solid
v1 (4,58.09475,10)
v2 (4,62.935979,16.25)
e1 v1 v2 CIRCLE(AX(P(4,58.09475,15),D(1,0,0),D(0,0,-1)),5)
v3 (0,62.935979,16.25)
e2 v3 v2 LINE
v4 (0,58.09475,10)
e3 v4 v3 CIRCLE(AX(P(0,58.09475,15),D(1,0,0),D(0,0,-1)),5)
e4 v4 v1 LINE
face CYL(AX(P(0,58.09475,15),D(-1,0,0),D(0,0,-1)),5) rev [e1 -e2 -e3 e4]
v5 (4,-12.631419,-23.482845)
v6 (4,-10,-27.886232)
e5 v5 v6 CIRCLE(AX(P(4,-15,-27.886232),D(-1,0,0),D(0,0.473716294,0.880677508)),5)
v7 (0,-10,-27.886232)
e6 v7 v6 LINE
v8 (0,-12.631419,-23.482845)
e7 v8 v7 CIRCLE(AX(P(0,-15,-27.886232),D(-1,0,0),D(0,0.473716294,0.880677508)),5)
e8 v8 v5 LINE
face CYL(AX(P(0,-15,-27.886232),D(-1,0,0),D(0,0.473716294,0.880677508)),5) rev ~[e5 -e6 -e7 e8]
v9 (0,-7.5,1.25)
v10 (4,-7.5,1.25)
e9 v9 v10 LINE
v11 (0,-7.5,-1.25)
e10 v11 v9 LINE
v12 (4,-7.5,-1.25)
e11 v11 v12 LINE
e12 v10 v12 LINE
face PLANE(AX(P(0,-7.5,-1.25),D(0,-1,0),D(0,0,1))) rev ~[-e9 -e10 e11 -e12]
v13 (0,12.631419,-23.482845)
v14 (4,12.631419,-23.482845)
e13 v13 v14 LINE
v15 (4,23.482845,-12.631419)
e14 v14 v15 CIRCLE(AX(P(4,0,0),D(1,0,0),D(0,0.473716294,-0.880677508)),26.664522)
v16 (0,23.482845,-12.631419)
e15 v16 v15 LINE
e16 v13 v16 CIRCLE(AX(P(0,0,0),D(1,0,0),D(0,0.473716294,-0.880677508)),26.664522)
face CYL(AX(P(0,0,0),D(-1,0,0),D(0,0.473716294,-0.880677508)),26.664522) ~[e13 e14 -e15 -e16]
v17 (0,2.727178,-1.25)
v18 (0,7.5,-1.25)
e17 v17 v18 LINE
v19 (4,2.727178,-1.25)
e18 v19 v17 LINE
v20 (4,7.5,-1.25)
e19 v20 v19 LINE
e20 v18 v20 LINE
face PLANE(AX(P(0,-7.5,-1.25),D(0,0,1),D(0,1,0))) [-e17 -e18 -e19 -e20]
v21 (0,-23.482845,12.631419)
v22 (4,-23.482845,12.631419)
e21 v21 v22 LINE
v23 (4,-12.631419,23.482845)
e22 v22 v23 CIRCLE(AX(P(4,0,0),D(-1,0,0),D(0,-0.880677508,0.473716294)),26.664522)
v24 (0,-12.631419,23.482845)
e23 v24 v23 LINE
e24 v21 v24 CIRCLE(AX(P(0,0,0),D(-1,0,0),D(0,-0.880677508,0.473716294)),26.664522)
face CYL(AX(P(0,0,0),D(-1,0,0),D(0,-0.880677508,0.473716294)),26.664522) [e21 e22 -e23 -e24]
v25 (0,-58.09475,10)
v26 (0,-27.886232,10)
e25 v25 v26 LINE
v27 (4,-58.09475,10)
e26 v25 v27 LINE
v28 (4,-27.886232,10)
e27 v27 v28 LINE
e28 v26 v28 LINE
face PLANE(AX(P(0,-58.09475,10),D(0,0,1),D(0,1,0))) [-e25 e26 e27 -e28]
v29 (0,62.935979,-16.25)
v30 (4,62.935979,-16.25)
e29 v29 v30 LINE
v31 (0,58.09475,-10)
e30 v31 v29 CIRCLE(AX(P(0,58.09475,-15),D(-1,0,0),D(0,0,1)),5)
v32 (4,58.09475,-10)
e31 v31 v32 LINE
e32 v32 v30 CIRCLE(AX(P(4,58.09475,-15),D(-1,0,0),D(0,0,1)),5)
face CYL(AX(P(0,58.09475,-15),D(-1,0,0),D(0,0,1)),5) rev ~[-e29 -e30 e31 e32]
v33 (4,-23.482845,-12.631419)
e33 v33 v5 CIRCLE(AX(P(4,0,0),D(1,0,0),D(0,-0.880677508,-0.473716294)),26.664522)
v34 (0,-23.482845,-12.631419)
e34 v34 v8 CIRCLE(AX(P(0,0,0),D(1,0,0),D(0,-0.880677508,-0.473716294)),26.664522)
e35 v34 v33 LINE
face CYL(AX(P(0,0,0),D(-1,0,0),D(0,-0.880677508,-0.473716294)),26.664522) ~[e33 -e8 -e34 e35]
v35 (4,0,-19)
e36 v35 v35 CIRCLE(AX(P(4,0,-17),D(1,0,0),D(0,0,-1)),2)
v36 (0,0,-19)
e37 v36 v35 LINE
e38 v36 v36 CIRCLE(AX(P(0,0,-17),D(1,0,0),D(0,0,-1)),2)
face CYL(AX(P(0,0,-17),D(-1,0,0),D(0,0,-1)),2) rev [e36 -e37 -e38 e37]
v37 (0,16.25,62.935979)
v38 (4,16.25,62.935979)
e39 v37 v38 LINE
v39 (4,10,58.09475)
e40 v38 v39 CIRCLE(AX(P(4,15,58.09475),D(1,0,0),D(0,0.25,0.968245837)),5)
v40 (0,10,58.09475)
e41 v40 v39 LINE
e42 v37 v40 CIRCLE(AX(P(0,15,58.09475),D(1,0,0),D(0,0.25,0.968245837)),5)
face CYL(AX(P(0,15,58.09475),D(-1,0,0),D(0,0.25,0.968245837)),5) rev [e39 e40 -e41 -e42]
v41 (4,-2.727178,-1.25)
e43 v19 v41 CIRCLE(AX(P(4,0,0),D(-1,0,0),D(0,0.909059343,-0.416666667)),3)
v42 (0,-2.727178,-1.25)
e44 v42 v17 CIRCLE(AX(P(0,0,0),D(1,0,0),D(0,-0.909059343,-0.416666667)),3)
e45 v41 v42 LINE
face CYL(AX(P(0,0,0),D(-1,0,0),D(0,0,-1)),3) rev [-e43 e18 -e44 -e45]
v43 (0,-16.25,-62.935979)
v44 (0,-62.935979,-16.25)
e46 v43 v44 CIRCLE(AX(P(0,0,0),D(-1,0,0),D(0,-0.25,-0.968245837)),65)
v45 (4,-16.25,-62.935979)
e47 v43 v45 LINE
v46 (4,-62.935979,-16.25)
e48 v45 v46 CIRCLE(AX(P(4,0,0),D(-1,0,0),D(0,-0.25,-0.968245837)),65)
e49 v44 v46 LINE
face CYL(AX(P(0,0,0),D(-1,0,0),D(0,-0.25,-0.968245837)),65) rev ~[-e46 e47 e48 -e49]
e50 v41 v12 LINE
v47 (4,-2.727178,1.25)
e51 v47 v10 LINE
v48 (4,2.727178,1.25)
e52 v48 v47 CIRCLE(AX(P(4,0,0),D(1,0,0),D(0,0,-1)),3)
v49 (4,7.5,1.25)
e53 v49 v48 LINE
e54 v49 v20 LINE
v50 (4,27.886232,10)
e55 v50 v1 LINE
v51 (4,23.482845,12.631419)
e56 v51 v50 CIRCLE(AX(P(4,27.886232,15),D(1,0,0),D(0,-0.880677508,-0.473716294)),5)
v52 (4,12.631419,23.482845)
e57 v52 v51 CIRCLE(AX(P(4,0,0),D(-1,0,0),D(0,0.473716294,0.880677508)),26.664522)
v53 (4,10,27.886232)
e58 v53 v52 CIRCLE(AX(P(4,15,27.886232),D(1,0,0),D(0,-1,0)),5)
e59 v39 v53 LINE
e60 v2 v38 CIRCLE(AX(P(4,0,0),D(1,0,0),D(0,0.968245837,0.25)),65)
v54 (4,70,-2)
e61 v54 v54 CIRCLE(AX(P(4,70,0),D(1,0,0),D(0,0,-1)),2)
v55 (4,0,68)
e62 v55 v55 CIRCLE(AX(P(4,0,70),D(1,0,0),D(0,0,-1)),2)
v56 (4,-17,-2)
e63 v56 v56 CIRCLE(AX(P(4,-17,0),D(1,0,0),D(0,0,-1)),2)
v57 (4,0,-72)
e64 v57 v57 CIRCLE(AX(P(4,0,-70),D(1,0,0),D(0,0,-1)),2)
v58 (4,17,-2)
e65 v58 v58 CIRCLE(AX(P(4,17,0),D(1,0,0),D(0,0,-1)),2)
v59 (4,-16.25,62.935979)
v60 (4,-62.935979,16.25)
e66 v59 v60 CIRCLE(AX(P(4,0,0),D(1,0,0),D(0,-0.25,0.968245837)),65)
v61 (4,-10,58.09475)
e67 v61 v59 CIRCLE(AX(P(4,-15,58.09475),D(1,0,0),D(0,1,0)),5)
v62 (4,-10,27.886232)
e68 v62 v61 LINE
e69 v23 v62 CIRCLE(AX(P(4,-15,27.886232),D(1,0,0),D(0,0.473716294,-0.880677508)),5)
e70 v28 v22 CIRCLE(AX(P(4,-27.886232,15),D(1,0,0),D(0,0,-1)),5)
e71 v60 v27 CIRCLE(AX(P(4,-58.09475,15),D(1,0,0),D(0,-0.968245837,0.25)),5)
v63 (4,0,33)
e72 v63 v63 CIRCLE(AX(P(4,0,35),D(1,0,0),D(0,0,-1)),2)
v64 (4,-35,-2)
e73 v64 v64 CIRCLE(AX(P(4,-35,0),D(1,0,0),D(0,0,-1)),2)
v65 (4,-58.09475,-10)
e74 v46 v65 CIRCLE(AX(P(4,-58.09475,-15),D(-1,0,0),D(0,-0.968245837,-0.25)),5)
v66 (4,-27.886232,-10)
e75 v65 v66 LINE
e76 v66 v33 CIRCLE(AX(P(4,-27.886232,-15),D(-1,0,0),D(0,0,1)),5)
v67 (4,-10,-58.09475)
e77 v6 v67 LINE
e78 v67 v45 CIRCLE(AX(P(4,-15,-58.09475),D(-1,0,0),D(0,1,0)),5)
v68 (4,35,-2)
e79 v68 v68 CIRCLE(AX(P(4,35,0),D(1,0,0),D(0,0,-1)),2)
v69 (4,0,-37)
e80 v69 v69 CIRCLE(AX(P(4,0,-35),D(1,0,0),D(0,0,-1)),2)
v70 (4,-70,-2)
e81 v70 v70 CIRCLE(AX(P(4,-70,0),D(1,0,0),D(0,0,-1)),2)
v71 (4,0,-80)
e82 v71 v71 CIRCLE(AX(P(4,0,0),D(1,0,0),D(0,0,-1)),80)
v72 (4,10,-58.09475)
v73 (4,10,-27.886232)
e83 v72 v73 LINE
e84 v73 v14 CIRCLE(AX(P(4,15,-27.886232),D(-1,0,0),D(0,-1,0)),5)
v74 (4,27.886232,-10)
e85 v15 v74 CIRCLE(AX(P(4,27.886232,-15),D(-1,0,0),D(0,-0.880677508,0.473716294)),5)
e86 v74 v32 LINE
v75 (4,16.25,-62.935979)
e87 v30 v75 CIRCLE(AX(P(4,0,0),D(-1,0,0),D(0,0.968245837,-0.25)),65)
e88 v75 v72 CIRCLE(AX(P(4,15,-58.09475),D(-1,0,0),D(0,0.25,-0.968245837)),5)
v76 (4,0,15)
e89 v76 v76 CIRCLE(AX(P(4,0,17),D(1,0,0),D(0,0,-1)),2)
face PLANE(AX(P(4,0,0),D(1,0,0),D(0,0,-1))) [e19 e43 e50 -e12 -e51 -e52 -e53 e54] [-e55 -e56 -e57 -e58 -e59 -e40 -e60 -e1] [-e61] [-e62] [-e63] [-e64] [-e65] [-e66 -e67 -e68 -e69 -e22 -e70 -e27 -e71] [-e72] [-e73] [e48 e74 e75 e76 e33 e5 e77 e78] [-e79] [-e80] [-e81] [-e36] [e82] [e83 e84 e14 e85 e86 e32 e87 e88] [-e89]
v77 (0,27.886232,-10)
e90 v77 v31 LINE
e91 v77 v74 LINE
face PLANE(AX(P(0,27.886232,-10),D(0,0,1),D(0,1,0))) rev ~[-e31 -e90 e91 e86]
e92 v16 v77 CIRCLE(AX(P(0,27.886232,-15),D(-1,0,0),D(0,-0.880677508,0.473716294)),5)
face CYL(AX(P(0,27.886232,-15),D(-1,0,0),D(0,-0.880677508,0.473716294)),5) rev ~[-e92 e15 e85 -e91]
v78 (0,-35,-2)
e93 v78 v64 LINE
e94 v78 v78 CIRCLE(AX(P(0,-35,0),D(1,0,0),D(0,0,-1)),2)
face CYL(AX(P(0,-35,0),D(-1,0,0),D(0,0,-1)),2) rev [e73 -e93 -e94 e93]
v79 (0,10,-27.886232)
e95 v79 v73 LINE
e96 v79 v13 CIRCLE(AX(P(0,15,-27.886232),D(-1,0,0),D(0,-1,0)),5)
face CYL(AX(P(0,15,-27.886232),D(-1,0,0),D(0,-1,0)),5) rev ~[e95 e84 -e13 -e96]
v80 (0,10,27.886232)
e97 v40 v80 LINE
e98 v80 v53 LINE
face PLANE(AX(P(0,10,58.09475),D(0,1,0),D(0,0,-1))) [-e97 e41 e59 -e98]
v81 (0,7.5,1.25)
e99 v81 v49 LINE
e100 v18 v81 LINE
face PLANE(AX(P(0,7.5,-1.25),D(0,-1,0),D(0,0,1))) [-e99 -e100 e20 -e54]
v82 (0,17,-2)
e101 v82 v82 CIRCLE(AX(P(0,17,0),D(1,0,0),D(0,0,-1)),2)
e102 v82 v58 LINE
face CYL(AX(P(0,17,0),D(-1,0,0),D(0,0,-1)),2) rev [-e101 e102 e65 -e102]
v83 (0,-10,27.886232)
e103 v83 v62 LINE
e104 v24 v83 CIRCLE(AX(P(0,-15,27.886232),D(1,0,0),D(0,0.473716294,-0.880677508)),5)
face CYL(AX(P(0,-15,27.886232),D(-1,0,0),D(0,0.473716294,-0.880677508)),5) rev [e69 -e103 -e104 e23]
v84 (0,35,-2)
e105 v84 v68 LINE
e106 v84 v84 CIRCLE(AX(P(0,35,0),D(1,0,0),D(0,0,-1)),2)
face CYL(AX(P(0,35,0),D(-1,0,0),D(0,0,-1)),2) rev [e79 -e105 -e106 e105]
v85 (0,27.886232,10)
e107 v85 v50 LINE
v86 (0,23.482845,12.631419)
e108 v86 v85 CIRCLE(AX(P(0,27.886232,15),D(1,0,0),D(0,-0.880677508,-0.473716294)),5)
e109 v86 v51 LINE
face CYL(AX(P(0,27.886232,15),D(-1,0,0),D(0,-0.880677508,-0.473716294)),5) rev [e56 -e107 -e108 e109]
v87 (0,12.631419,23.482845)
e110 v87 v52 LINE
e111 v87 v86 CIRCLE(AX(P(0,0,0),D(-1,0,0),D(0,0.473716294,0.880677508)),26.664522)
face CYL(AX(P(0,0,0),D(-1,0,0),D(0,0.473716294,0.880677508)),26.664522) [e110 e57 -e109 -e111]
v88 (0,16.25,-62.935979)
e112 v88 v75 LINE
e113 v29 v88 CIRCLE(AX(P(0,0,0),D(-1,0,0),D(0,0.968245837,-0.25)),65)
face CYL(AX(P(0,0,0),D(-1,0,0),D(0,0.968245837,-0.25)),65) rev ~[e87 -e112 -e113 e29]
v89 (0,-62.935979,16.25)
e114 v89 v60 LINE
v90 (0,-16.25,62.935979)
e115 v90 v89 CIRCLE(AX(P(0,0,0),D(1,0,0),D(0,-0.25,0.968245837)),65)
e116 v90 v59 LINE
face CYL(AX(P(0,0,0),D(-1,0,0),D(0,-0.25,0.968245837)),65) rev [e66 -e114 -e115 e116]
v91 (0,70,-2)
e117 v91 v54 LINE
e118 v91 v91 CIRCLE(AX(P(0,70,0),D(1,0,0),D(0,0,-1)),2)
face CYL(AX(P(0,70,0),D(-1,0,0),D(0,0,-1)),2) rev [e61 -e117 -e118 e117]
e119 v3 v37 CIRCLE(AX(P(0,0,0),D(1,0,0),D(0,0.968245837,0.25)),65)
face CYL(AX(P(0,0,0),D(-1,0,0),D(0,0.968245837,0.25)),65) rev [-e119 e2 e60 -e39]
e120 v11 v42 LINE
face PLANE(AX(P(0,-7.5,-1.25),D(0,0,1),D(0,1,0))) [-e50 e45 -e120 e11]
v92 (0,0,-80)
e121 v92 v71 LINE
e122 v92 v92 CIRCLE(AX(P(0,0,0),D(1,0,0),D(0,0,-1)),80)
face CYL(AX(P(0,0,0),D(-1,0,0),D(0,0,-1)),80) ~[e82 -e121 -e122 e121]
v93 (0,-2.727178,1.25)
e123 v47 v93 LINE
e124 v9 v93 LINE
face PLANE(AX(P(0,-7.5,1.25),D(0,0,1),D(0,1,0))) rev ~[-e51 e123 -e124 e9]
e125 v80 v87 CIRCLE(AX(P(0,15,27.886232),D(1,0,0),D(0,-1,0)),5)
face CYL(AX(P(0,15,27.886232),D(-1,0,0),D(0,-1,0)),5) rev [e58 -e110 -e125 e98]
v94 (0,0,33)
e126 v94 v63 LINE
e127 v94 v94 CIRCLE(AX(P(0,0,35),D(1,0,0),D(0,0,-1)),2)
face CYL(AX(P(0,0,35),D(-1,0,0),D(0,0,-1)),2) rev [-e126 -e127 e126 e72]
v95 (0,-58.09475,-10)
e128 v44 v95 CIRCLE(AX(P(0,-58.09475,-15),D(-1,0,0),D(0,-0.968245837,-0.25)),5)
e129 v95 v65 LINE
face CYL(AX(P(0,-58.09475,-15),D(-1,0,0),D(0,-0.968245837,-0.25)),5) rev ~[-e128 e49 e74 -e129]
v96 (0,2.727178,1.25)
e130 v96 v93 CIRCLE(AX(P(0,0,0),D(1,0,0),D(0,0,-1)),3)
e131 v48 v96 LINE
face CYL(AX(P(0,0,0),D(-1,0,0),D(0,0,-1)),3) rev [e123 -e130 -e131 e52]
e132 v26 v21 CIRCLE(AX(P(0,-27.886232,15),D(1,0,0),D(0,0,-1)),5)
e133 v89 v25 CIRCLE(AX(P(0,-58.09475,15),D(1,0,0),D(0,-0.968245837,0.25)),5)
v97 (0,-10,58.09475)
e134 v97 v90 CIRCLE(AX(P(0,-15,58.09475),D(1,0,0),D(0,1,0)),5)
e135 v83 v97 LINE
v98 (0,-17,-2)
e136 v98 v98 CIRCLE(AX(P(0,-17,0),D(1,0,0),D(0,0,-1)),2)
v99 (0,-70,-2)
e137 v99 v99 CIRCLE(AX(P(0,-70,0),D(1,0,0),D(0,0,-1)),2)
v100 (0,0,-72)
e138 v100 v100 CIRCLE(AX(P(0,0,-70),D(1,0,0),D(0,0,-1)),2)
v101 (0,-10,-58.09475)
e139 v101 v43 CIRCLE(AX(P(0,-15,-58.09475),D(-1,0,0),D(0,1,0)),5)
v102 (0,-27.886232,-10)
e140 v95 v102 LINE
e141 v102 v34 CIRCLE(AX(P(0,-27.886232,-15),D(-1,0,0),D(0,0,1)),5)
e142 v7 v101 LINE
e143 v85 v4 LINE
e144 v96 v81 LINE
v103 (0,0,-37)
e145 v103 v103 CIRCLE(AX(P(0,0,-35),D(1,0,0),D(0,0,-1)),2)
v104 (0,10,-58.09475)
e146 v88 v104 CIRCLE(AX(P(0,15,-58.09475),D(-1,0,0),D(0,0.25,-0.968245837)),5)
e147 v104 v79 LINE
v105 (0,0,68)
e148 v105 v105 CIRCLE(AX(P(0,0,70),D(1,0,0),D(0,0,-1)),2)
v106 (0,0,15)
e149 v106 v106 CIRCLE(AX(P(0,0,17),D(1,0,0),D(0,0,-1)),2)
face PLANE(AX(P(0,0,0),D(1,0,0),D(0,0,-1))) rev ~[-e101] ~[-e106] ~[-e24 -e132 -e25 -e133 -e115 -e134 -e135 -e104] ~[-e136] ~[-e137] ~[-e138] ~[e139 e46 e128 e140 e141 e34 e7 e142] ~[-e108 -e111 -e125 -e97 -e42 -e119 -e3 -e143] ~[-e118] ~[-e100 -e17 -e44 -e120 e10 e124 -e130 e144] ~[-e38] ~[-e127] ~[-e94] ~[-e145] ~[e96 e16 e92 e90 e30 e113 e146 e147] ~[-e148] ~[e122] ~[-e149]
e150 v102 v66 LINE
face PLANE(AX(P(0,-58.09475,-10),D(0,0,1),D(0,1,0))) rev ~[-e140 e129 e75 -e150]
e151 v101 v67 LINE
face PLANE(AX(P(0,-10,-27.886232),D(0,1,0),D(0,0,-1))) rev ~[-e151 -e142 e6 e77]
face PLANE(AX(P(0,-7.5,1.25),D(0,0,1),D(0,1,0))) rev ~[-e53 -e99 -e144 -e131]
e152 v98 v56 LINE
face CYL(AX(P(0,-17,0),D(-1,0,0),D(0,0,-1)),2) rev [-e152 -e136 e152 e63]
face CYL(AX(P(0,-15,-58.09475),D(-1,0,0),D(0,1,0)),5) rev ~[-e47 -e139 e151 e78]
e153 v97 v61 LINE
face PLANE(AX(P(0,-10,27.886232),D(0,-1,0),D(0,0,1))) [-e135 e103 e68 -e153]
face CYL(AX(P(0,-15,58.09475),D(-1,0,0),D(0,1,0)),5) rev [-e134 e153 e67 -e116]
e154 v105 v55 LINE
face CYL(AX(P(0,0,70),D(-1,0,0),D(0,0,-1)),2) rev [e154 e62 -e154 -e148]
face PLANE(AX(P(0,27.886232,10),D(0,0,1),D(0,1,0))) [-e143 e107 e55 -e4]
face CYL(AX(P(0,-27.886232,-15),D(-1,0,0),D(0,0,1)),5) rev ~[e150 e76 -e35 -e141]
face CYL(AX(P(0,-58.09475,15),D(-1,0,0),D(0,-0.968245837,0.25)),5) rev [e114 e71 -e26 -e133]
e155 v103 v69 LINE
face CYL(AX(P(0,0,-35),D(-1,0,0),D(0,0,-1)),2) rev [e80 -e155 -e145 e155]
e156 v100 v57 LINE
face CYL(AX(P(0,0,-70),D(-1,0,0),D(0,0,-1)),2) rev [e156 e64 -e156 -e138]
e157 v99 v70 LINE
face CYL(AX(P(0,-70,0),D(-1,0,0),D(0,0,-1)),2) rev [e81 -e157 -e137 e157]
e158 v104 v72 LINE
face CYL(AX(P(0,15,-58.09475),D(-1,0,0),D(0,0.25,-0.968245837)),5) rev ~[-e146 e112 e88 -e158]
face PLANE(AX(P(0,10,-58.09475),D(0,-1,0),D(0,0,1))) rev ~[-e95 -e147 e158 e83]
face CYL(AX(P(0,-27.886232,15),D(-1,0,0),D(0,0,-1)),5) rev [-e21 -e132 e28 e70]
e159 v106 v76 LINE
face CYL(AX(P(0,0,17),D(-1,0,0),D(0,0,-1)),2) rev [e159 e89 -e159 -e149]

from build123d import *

# Parameters (mm, degrees)
SKETCH1_R           = 80
SKETCH1_R_2         = 2
SKETCH1_R_3         = 3
BOSS_EXTRUDE1_DEPTH = 4
SKETCH2_W           = 2.5
SKETCH2_H           = 15
CUT_EXTRUDE1_DEPTH  = 10


with BuildPart() as part:
    # Sketch1 → Boss-Extrude1 (new body)
    with BuildSketch(Plane(origin=(0, 0, 0), x_dir=(0, 0, -1), z_dir=(1, 0, 0))):
        Circle(SKETCH1_R)
        with Locations((0, 17)):
            Circle(SKETCH1_R_2, mode=Mode.SUBTRACT)
        with Locations((0, 35)):
            Circle(SKETCH1_R_2, mode=Mode.SUBTRACT)
        with Locations((0, 70)):
            Circle(SKETCH1_R_2, mode=Mode.SUBTRACT)
        with Locations((70, 0)):
            Circle(SKETCH1_R_2, mode=Mode.SUBTRACT)
        with Locations((35, 0)):
            Circle(SKETCH1_R_2, mode=Mode.SUBTRACT)
        with Locations((0, -70)):
            Circle(SKETCH1_R_2, mode=Mode.SUBTRACT)
        with Locations((0, -35)):
            Circle(SKETCH1_R_2, mode=Mode.SUBTRACT)
        with Locations((-70, 0)):
            Circle(SKETCH1_R_2, mode=Mode.SUBTRACT)
        with Locations((-35, 0)):
            Circle(SKETCH1_R_2, mode=Mode.SUBTRACT)
        with Locations((17, 0)):
            Circle(SKETCH1_R_2, mode=Mode.SUBTRACT)
        with Locations((0, -17)):
            Circle(SKETCH1_R_2, mode=Mode.SUBTRACT)
        Circle(SKETCH1_R_3, mode=Mode.SUBTRACT)
        with Locations((-17, 0)):
            Circle(SKETCH1_R_2, mode=Mode.SUBTRACT)
        with BuildLine():
            Line((-10, 27.886232268), (-10, 58.094750193))
            ThreePointArc((-10, 58.094750193), (-11.938137822, 62.047597268), (-16.25, 62.935979376))
            ThreePointArc((-16.25, 62.935979376), (-45.961940777, 45.961940777), (-62.935979376, 16.25))
            ThreePointArc((-62.935979376, 16.25), (-62.047597268, 11.938137822), (-58.094750193, 10))
            Line((-58.094750193, 10), (-27.886232268, 10))
            ThreePointArc((-27.886232268, 10), (-25.321364567, 10.707977903), (-23.482844729, 12.631418528))
            ThreePointArc((-23.482844729, 12.631418528), (-18.854664285, 18.854664285), (-12.631418528, 23.482844729))
            ThreePointArc((-12.631418528, 23.482844729), (-10.707977903, 25.321364567), (-10, 27.886232268))
        make_face(mode=Mode.SUBTRACT)
        with BuildLine():
            Line((-10, -58.094750193), (-10, -27.886232268))
            ThreePointArc((-10, -27.886232268), (-10.707977903, -25.321364567), (-12.631418528, -23.482844729))
            ThreePointArc((-12.631418528, -23.482844729), (-18.854664285, -18.854664285), (-23.482844729, -12.631418528))
            ThreePointArc((-23.482844729, -12.631418528), (-25.321364567, -10.707977903), (-27.886232268, -10))
            Line((-27.886232268, -10), (-58.094750193, -10))
            ThreePointArc((-58.094750193, -10), (-62.047597268, -11.938137822), (-62.935979376, -16.25))
            ThreePointArc((-62.935979376, -16.25), (-45.961940777, -45.961940777), (-16.25, -62.935979376))
            ThreePointArc((-16.25, -62.935979376), (-11.938137822, -62.047597268), (-10, -58.094750193))
        make_face(mode=Mode.SUBTRACT)
        with BuildLine():
            Line((10, -58.094750193), (10, -27.886232268))
            ThreePointArc((10, -27.886232268), (10.707977903, -25.321364567), (12.631418528, -23.482844729))
            ThreePointArc((12.631418528, -23.482844729), (18.854664285, -18.854664285), (23.482844729, -12.631418528))
            ThreePointArc((23.482844729, -12.631418528), (25.321364567, -10.707977903), (27.886232268, -10))
            Line((27.886232268, -10), (58.094750193, -10))
            ThreePointArc((58.094750193, -10), (62.047597268, -11.938137822), (62.935979376, -16.25))
            ThreePointArc((62.935979376, -16.25), (45.961940777, -45.961940777), (16.25, -62.935979376))
            ThreePointArc((16.25, -62.935979376), (11.938137822, -62.047597268), (10, -58.094750193))
        make_face(mode=Mode.SUBTRACT)
        with BuildLine():
            Line((10, 27.886232268), (10, 58.094750193))
            ThreePointArc((10, 58.094750193), (11.938137822, 62.047597268), (16.25, 62.935979376))
            ThreePointArc((16.25, 62.935979376), (45.961940777, 45.961940777), (62.935979376, 16.25))
            ThreePointArc((62.935979376, 16.25), (62.047597268, 11.938137822), (58.094750193, 10))
            Line((58.094750193, 10), (27.886232268, 10))
            ThreePointArc((27.886232268, 10), (25.321364567, 10.707977903), (23.482844729, 12.631418528))
            ThreePointArc((23.482844729, 12.631418528), (18.854664285, 18.854664285), (12.631418528, 23.482844729))
            ThreePointArc((12.631418528, 23.482844729), (10.707977903, 25.321364567), (10, 27.886232268))
        make_face(mode=Mode.SUBTRACT)
    extrude(amount=BOSS_EXTRUDE1_DEPTH)

    # Sketch2 → Cut-Extrude1 (cut)
    with BuildSketch(Plane.ZY):
        Rectangle(SKETCH2_W, SKETCH2_H)
    extrude(amount=-CUT_EXTRUDE1_DEPTH, mode=Mode.SUBTRACT)


solid = part.part
